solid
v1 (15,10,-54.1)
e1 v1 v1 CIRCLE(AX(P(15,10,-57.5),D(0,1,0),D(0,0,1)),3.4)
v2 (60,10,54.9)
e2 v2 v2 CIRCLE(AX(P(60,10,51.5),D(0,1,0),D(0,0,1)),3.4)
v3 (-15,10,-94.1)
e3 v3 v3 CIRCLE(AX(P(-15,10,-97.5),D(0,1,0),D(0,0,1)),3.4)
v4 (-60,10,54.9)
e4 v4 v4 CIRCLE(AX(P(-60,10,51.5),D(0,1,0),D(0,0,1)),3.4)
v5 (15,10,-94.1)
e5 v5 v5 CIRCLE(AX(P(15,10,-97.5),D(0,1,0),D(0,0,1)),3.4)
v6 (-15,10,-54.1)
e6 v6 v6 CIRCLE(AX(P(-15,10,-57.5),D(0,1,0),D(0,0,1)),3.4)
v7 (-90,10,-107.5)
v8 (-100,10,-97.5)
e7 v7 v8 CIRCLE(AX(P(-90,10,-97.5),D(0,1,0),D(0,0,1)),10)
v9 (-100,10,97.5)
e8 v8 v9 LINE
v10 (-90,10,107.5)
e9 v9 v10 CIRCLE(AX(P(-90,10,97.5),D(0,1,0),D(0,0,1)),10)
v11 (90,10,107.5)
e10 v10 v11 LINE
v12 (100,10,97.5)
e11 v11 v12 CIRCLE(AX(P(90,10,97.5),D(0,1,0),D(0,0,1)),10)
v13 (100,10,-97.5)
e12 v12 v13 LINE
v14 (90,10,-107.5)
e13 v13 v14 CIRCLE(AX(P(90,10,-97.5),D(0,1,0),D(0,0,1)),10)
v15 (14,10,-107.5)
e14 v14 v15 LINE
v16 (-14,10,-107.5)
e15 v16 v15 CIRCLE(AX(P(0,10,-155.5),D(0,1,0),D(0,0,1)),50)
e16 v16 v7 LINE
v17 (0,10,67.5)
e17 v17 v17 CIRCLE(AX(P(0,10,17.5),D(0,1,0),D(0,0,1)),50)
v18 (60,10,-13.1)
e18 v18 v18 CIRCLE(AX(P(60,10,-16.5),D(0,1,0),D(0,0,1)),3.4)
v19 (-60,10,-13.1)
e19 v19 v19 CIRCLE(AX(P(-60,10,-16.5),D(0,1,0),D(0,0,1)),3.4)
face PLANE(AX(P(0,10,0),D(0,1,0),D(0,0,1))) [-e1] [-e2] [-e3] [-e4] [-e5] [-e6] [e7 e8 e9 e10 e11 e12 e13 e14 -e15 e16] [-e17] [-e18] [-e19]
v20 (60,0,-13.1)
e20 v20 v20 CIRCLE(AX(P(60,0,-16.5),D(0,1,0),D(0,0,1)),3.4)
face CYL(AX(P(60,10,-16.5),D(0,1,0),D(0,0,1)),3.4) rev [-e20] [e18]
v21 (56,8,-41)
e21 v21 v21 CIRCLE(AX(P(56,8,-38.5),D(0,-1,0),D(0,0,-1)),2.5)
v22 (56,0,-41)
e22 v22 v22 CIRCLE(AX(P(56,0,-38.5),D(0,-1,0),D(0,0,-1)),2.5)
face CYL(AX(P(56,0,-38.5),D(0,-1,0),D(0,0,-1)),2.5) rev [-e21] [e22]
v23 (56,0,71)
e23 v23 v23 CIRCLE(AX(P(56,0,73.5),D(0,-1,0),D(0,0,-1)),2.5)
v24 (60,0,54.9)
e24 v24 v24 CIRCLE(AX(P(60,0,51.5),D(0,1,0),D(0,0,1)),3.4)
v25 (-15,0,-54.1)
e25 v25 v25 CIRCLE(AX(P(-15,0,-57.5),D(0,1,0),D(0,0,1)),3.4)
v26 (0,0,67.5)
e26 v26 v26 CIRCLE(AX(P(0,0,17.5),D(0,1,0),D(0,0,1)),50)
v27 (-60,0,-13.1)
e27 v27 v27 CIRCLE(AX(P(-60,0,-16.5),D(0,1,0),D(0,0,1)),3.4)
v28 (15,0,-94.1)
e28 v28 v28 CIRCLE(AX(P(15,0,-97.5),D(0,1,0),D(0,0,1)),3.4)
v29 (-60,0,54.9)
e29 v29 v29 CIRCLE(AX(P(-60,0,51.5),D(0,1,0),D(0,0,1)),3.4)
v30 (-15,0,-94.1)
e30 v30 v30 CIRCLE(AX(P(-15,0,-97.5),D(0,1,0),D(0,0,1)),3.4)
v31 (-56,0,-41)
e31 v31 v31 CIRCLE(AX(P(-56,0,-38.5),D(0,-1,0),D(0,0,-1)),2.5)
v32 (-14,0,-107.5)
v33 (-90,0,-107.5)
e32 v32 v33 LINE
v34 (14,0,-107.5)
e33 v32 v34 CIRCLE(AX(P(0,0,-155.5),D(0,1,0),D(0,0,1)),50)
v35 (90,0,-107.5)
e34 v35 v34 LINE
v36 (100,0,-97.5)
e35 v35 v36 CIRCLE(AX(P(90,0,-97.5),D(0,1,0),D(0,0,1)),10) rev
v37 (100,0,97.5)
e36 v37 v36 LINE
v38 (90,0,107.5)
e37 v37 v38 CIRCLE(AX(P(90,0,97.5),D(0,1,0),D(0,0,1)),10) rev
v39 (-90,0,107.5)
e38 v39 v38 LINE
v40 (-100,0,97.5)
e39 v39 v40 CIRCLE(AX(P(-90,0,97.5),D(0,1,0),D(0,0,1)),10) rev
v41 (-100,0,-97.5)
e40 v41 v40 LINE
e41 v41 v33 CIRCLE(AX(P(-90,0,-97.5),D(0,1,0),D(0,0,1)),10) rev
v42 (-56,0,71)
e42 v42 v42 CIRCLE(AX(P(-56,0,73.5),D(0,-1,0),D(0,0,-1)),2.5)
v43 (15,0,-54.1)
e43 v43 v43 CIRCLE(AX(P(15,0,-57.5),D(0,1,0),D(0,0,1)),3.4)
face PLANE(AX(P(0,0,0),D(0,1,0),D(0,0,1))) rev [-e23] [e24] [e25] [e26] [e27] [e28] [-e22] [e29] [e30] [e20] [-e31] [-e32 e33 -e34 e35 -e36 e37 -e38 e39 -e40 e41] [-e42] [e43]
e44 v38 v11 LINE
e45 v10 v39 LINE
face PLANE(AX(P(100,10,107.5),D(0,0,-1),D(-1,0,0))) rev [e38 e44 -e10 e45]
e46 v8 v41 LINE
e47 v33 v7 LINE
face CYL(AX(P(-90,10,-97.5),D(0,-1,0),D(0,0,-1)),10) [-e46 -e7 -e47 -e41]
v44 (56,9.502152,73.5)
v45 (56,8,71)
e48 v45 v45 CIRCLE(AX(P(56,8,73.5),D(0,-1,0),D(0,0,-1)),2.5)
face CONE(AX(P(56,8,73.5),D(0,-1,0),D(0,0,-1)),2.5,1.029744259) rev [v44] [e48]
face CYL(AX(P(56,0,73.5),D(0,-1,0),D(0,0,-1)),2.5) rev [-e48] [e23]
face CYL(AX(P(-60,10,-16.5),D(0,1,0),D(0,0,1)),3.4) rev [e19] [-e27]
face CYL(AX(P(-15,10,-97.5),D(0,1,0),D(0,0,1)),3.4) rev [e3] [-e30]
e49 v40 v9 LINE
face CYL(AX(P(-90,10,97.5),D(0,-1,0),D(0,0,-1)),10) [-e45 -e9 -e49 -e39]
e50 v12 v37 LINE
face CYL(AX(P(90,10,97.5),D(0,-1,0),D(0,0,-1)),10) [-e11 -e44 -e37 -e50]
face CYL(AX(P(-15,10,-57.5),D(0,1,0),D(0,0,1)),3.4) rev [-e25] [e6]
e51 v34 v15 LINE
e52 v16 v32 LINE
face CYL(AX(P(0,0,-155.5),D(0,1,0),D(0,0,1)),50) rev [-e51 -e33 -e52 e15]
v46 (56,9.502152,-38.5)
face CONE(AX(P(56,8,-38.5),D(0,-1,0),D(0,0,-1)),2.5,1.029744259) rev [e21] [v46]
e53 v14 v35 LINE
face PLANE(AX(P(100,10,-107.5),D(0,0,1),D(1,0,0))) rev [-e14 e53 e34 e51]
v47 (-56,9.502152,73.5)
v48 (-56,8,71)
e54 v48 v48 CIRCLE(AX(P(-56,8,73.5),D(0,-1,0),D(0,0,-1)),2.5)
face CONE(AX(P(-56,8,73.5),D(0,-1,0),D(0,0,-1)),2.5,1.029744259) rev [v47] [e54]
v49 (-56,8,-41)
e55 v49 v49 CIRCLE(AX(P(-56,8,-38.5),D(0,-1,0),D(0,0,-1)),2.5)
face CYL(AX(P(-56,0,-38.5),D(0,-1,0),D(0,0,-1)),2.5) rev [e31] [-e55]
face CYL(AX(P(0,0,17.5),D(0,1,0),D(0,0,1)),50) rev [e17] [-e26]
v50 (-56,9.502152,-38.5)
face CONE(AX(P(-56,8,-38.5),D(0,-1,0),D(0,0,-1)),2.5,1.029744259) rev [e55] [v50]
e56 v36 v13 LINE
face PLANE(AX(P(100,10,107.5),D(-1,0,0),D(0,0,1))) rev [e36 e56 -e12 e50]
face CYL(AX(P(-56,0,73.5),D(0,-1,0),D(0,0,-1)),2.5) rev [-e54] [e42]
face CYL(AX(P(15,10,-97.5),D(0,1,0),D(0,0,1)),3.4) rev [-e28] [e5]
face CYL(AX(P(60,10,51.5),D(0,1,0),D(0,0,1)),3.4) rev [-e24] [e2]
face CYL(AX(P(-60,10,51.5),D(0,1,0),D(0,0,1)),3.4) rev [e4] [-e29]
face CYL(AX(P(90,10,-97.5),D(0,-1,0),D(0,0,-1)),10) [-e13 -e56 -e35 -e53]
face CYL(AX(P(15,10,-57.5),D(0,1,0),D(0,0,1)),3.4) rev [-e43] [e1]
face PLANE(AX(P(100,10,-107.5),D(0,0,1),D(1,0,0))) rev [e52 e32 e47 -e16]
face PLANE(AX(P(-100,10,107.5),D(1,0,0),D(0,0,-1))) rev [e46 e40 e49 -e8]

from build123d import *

# Parameters (mm, degrees)
SKETCH1_W             = 200
SKETCH1_H             = 215
EXTRUDE1_DEPTH        = 10
M8_TAPPED_HOLE1_D     = 6.8
M8_TAPPED_HOLE1_DEPTH = 19.75
M8_TAPPED_HOLE1_TIP   = 2.042926105
M8_TAPPED_HOLE2_D     = 6.8
M8_TAPPED_HOLE2_DEPTH = 19.75
M8_TAPPED_HOLE2_TIP   = 2.042926105
SKETCH5_R             = 50
EXTRUDE2_DEPTH        = 10
SKETCH6_R             = 50
EXTRUDE3_DEPTH        = 10
FILLET1_R             = 10
M6_TAPPED_HOLE1_D     = 5
M6_TAPPED_HOLE1_DEPTH = 8
M6_TAPPED_HOLE1_TIP   = 1.502151548


with BuildPart() as part:
    # Sketch1 → Extrude1 (new body)
    with BuildSketch(Plane(origin=(0, 0, 0), x_dir=(1, 0, 0), z_dir=(0, 1, 0))):
        Rectangle(SKETCH1_W, SKETCH1_H)
    extrude(amount=EXTRUDE1_DEPTH)

    # M8 Tapped Hole1
    with Locations(Plane(origin=(-60, 10, -16.5), x_dir=(0, 0, 1), z_dir=(0, 1, 0))):
        with Locations((0, 0), (0, 120), (68, 0), (68, 120)):
            Hole(M8_TAPPED_HOLE1_D / 2, depth=M8_TAPPED_HOLE1_DEPTH)
            with Locations((0, 0, -(M8_TAPPED_HOLE1_DEPTH + M8_TAPPED_HOLE1_TIP / 2))):  # 118° drill point
                Cone(0, M8_TAPPED_HOLE1_D / 2, M8_TAPPED_HOLE1_TIP, mode=Mode.SUBTRACT)

    # M8 Tapped Hole2
    with Locations(Plane(origin=(-15, 10, -97.5), x_dir=(0, 0, 1), z_dir=(0, 1, 0))):
        with Locations((0, 0), (40, 0), (40, 30), (0, 30)):
            Hole(M8_TAPPED_HOLE2_D / 2, depth=M8_TAPPED_HOLE2_DEPTH)
            with Locations((0, 0, -(M8_TAPPED_HOLE2_DEPTH + M8_TAPPED_HOLE2_TIP / 2))):  # 118° drill point
                Cone(0, M8_TAPPED_HOLE2_D / 2, M8_TAPPED_HOLE2_TIP, mode=Mode.SUBTRACT)

    # Sketch5 → Extrude2 (cut)
    with BuildSketch(Plane(origin=(0, 10, 0), x_dir=(1, 0, 0), z_dir=(0, 1, 0))):
        with Locations(Location((0, -17.5, 0), (0, 0, 270))):
            Circle(SKETCH5_R)
    extrude(amount=-EXTRUDE2_DEPTH, mode=Mode.SUBTRACT)

    # Sketch6 → Extrude3 (cut)
    with BuildSketch(Plane(origin=(0, 10, 0), x_dir=(1, 0, 0), z_dir=(0, 1, 0))):
        with Locations((0, 155.5)):
            Circle(SKETCH6_R)
    extrude(amount=-EXTRUDE3_DEPTH, mode=Mode.SUBTRACT)

    # Fillet1
    fillet1_edges = [part.edges().sort_by_distance(p)[0] for p in [
        (-100, 5, -107.5),
        (100, 5, -107.5),
        (100, 5, 107.5),
        (-100, 5, 107.5),
    ]]
    fillet(fillet1_edges, radius=FILLET1_R)

    # M6 Tapped Hole1
    with Locations(Plane(origin=(-56, 0, -38.5), x_dir=(0, 0, -1), z_dir=(0, -1, 0))):
        with Locations((0, 0), (0, 112), (-112, 0), (-112, 112)):
            Hole(M6_TAPPED_HOLE1_D / 2, depth=M6_TAPPED_HOLE1_DEPTH)
            with Locations((0, 0, -(M6_TAPPED_HOLE1_DEPTH + M6_TAPPED_HOLE1_TIP / 2))):  # 118° drill point
                Cone(0, M6_TAPPED_HOLE1_D / 2, M6_TAPPED_HOLE1_TIP, mode=Mode.SUBTRACT)


solid = part.part
